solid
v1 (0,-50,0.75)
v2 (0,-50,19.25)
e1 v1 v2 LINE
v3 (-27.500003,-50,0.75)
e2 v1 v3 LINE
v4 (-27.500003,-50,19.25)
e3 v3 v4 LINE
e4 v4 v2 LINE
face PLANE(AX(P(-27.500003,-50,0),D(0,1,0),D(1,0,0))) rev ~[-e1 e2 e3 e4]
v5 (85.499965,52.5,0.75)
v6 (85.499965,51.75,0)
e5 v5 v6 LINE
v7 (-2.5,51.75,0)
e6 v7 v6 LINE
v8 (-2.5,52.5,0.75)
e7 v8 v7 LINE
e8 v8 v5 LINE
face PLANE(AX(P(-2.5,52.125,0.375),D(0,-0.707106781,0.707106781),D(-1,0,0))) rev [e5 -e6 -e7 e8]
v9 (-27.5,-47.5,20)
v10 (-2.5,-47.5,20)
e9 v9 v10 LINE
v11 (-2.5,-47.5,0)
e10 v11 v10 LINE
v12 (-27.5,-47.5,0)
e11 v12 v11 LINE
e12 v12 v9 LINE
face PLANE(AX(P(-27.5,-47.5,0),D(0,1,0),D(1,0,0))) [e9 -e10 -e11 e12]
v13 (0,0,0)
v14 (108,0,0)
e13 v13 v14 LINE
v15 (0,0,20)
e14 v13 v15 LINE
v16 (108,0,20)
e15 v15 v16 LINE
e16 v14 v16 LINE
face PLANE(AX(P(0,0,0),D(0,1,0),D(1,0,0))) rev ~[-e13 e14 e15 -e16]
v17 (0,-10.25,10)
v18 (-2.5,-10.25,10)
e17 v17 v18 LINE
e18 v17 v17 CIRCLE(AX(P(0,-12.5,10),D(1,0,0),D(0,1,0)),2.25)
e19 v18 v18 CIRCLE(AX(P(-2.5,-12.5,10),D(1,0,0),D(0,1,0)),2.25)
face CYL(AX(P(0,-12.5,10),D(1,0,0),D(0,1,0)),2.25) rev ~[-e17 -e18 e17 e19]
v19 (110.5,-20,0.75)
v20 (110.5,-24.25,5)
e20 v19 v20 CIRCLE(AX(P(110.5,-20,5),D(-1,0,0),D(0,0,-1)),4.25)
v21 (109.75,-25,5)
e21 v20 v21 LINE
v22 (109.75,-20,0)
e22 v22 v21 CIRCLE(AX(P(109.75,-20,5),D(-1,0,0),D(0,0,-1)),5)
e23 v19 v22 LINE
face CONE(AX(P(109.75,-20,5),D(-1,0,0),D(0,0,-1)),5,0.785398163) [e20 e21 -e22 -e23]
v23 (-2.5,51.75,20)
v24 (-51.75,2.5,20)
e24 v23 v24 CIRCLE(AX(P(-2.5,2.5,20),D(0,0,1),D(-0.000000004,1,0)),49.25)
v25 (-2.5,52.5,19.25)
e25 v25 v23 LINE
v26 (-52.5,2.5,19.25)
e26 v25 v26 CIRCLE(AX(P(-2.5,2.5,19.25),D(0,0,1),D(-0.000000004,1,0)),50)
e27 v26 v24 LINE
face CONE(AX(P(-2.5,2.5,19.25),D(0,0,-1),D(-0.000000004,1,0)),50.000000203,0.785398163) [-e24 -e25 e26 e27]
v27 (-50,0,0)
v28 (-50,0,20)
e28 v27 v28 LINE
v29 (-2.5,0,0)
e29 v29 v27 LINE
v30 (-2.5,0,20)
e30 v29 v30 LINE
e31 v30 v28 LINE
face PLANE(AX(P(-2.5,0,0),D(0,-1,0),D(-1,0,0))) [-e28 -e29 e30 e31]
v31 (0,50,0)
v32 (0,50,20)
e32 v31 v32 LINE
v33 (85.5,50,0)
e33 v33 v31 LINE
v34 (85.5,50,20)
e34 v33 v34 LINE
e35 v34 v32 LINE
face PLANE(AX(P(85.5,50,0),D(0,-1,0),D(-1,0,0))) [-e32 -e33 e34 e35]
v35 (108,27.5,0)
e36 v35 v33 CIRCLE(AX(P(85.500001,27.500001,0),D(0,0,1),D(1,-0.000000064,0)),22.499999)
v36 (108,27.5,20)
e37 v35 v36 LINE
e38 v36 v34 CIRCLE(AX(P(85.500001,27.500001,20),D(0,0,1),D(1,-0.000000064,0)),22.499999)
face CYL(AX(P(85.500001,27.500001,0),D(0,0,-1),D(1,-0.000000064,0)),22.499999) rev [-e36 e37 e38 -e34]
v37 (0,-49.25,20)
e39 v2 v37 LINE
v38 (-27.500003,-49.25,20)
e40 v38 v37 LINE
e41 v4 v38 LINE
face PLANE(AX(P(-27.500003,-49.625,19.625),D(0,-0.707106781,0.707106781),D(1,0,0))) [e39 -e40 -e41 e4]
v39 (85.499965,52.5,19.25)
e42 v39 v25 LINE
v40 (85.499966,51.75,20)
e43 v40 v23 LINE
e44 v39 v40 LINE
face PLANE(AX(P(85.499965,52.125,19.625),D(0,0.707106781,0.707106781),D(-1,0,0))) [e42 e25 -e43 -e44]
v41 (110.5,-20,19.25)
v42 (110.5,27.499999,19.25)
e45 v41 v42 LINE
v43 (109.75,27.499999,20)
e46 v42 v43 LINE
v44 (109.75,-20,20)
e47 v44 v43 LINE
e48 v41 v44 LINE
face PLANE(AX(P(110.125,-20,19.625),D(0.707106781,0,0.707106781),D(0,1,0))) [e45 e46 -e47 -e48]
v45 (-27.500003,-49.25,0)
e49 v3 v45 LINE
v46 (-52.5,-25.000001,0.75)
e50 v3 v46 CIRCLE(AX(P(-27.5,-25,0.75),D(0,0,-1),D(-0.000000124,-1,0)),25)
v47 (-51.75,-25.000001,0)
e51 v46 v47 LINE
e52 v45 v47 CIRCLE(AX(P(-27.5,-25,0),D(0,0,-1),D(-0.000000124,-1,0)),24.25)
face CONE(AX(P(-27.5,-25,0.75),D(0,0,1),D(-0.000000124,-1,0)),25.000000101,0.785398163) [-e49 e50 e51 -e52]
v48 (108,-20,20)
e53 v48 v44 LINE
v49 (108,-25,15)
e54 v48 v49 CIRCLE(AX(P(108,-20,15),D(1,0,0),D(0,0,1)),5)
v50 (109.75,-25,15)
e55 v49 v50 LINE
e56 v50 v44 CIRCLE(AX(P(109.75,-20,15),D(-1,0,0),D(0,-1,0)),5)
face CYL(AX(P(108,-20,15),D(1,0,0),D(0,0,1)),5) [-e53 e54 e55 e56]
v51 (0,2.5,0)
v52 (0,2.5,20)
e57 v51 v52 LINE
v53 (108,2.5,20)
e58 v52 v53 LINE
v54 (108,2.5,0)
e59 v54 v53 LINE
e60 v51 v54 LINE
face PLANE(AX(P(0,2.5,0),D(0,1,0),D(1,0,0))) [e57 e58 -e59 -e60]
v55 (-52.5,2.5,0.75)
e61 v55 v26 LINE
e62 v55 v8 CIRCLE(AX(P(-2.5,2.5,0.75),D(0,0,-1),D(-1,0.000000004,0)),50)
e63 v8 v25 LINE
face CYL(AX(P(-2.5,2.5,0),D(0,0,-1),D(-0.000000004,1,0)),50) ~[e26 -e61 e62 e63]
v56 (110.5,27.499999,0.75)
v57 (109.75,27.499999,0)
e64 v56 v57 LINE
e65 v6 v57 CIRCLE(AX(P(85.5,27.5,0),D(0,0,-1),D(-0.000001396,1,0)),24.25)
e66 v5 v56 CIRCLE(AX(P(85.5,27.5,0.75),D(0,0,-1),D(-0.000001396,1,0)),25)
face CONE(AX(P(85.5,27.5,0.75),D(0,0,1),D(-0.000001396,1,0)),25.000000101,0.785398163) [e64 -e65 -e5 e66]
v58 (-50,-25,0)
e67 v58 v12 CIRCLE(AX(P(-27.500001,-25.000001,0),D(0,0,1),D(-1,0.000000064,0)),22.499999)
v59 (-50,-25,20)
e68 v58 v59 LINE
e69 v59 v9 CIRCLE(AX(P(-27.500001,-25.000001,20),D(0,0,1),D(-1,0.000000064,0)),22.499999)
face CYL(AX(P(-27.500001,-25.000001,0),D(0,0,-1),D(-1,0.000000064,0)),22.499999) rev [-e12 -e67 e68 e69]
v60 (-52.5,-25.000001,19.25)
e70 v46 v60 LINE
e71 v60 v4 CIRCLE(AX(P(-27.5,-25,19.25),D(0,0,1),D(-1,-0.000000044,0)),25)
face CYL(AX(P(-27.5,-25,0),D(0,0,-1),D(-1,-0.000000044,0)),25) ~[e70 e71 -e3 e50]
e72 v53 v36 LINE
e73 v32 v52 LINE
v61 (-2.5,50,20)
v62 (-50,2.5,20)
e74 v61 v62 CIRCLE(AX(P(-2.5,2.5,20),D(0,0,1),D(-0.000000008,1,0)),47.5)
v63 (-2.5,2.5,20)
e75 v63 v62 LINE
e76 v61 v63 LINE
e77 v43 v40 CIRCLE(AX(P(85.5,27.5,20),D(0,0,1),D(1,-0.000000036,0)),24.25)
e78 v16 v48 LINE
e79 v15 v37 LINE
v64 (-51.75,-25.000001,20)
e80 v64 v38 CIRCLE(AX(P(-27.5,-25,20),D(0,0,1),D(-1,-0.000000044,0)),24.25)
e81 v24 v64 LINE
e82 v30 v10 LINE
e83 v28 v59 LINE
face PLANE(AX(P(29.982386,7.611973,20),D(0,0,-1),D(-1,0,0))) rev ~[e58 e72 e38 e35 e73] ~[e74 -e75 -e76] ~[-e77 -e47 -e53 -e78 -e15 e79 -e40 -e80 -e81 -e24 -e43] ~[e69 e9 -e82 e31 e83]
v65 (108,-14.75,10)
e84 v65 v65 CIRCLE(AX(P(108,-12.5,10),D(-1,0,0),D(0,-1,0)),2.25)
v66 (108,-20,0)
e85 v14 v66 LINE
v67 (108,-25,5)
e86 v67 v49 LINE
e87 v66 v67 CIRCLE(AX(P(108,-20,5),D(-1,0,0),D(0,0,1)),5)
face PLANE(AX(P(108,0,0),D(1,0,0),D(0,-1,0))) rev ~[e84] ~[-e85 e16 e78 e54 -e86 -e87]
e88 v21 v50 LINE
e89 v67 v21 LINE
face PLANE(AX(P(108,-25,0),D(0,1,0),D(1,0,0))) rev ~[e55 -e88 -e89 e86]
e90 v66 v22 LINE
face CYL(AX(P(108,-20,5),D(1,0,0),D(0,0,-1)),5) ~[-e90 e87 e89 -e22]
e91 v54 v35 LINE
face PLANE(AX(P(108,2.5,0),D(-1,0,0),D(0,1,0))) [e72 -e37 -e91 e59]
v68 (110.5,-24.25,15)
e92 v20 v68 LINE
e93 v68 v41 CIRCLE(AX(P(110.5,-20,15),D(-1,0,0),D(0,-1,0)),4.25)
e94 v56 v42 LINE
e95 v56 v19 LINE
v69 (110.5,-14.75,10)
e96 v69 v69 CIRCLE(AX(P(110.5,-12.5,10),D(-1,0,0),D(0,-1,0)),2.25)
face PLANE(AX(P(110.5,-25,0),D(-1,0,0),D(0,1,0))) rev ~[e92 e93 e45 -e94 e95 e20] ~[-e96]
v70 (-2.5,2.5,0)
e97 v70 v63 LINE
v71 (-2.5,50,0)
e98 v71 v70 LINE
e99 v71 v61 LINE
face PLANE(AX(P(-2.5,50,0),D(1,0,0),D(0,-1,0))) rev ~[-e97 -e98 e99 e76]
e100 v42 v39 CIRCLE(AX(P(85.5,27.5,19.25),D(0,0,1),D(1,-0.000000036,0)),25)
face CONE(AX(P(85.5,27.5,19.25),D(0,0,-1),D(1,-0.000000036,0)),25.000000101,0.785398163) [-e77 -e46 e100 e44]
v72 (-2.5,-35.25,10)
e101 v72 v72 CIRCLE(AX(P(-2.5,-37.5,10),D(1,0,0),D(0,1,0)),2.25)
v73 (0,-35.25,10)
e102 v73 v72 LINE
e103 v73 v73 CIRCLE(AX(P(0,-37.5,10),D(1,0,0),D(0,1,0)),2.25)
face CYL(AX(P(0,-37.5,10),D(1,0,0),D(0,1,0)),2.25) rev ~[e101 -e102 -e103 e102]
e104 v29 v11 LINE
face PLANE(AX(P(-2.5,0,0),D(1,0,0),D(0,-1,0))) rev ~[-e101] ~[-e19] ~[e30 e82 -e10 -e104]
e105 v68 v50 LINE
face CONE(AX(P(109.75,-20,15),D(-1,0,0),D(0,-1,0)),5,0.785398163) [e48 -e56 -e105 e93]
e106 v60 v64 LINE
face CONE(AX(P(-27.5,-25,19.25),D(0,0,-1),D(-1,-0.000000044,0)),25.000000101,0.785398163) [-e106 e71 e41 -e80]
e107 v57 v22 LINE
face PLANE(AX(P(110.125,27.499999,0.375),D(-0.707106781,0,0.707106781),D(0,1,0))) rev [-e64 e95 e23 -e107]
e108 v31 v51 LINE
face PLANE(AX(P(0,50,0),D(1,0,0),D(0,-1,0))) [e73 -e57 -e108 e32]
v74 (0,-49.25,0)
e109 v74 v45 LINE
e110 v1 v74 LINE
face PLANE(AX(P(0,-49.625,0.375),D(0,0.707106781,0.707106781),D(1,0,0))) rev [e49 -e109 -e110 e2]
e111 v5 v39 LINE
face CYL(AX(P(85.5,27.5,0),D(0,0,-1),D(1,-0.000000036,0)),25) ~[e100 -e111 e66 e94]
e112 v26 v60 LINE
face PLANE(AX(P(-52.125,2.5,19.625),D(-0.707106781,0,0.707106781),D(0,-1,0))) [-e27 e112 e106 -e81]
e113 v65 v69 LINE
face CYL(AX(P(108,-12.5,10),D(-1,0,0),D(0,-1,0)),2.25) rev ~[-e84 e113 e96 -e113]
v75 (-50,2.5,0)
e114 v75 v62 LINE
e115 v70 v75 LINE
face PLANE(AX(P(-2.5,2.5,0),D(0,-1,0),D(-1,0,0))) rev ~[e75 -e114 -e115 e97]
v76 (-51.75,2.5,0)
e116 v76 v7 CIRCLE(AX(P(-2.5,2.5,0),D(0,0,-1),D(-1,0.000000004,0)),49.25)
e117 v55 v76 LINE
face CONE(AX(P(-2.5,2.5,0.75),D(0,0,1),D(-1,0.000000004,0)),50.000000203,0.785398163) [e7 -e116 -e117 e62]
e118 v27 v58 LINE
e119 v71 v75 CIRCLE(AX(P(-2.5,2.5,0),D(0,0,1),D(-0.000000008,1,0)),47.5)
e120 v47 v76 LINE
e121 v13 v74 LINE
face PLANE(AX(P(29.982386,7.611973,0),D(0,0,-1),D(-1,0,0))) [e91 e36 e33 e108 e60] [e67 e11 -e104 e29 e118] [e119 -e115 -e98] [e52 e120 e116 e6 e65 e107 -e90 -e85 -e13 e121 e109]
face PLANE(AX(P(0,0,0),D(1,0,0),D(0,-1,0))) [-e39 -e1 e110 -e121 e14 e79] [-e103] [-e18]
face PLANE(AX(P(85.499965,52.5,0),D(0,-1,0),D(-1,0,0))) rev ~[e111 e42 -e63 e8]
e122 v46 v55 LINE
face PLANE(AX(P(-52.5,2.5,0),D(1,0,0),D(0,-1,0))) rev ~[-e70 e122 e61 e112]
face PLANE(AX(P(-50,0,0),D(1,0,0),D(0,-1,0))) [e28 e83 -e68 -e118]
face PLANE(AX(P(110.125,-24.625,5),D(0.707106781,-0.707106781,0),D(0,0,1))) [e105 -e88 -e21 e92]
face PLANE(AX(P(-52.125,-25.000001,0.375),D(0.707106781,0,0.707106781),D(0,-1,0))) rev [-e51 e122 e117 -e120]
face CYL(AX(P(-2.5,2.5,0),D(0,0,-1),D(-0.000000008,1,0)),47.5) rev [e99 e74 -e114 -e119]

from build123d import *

# Parameters (mm, degrees)
PAD_DEPTH       = 20
SKETCH001_R     = 2.25
POCKET_DEPTH    = 2.5
SKETCH002_R     = 2.25
POCKET001_DEPTH = 2.5
FILLET_R        = 5
CHAMFER_SIZE    = 0.75


with BuildPart() as part:
    # Sketch → Pad (new body)
    with BuildSketch(Plane.XY):
        with BuildLine():
            Line((0, 0), (0, -50))
            Line((-27.500003, -50), (0, -50))
            ThreePointArc((-52.5, -25.000001), (-45.17767, -42.677669), (-27.500003, -50))
            Line((-52.5, -25.000001), (-52.5, 0))
            Line((-52.5, 2.5), (-52.5, 0))
            ThreePointArc((-2.5, 52.5), (-37.855339, 37.855339), (-52.5, 2.5))
            Line((0, 52.5), (-2.5, 52.5))
            Line((85.499965, 52.5), (0, 52.5))
            ThreePointArc((110.5, 27.499999), (103.177657, 45.177682), (85.499965, 52.5))
            Line((110.5, -25), (110.5, 27.499999))
            Line((108, -25), (110.5, -25))
            Line((108, 0), (108, -25))
            Line((0, 0), (108, 0))
        make_face()
        with BuildLine():
            Line((-2.5, 0), (-2.5, -47.5))
            Line((-27.5, -47.5), (-2.5, -47.5))
            ThreePointArc((-50, -25), (-43.409903, -40.909903), (-27.5, -47.5))
            Line((-50, 0), (-50, -25))
            Line((-2.5, 0), (-50, 0))
        make_face(mode=Mode.SUBTRACT)
        with BuildLine():
            Line((0, 2.5), (108, 2.5))
            Line((108, 2.5), (108, 27.5))
            ThreePointArc((108, 27.5), (101.409903, 43.409903), (85.5, 50))
            Line((85.5, 50), (0, 50))
            Line((0, 50), (0, 2.5))
        make_face(mode=Mode.SUBTRACT)
        with BuildLine():
            ThreePointArc((-2.5, 50), (-36.087572, 36.087572), (-50, 2.5))
            Line((-2.5, 2.5), (-50, 2.5))
            Line((-2.5, 50), (-2.5, 2.5))
        make_face(mode=Mode.SUBTRACT)
    extrude(amount=PAD_DEPTH)

    # Sketch001 (on Face7 of Pad) → Pocket (cut)
    with BuildSketch(Plane.YZ):
        with Locations((-37.5, 10)):
            Circle(SKETCH001_R)
        with Locations((-12.5, 10)):
            Circle(SKETCH001_R)
    extrude(amount=-POCKET_DEPTH, mode=Mode.SUBTRACT)

    # Sketch002 (on Face5 of Pad) → Pocket001 (cut)
    with BuildSketch(Plane(origin=(108, 0, 0), x_dir=(0, -1, 0), z_dir=(-1, 0, 0))):
        with Locations((12.5, 10)):
            Circle(SKETCH002_R)
    extrude(amount=-POCKET001_DEPTH, mode=Mode.SUBTRACT)

    # Fillet
    fillet_edges = [part.edges().sort_by_distance(p)[0] for p in [
        (109.25, -25, 0),
        (109.25, -25, 20),
    ]]
    fillet(fillet_edges, radius=FILLET_R)

    # Chamfer
    chamfer_edges = [part.edges().sort_by_distance(p)[0] for p in [
        (-37.855339, 37.855339, 20),
        (-37.855339, 37.855339, 0),
    ]]
    chamfer(chamfer_edges, length=CHAMFER_SIZE)


solid = part.part
